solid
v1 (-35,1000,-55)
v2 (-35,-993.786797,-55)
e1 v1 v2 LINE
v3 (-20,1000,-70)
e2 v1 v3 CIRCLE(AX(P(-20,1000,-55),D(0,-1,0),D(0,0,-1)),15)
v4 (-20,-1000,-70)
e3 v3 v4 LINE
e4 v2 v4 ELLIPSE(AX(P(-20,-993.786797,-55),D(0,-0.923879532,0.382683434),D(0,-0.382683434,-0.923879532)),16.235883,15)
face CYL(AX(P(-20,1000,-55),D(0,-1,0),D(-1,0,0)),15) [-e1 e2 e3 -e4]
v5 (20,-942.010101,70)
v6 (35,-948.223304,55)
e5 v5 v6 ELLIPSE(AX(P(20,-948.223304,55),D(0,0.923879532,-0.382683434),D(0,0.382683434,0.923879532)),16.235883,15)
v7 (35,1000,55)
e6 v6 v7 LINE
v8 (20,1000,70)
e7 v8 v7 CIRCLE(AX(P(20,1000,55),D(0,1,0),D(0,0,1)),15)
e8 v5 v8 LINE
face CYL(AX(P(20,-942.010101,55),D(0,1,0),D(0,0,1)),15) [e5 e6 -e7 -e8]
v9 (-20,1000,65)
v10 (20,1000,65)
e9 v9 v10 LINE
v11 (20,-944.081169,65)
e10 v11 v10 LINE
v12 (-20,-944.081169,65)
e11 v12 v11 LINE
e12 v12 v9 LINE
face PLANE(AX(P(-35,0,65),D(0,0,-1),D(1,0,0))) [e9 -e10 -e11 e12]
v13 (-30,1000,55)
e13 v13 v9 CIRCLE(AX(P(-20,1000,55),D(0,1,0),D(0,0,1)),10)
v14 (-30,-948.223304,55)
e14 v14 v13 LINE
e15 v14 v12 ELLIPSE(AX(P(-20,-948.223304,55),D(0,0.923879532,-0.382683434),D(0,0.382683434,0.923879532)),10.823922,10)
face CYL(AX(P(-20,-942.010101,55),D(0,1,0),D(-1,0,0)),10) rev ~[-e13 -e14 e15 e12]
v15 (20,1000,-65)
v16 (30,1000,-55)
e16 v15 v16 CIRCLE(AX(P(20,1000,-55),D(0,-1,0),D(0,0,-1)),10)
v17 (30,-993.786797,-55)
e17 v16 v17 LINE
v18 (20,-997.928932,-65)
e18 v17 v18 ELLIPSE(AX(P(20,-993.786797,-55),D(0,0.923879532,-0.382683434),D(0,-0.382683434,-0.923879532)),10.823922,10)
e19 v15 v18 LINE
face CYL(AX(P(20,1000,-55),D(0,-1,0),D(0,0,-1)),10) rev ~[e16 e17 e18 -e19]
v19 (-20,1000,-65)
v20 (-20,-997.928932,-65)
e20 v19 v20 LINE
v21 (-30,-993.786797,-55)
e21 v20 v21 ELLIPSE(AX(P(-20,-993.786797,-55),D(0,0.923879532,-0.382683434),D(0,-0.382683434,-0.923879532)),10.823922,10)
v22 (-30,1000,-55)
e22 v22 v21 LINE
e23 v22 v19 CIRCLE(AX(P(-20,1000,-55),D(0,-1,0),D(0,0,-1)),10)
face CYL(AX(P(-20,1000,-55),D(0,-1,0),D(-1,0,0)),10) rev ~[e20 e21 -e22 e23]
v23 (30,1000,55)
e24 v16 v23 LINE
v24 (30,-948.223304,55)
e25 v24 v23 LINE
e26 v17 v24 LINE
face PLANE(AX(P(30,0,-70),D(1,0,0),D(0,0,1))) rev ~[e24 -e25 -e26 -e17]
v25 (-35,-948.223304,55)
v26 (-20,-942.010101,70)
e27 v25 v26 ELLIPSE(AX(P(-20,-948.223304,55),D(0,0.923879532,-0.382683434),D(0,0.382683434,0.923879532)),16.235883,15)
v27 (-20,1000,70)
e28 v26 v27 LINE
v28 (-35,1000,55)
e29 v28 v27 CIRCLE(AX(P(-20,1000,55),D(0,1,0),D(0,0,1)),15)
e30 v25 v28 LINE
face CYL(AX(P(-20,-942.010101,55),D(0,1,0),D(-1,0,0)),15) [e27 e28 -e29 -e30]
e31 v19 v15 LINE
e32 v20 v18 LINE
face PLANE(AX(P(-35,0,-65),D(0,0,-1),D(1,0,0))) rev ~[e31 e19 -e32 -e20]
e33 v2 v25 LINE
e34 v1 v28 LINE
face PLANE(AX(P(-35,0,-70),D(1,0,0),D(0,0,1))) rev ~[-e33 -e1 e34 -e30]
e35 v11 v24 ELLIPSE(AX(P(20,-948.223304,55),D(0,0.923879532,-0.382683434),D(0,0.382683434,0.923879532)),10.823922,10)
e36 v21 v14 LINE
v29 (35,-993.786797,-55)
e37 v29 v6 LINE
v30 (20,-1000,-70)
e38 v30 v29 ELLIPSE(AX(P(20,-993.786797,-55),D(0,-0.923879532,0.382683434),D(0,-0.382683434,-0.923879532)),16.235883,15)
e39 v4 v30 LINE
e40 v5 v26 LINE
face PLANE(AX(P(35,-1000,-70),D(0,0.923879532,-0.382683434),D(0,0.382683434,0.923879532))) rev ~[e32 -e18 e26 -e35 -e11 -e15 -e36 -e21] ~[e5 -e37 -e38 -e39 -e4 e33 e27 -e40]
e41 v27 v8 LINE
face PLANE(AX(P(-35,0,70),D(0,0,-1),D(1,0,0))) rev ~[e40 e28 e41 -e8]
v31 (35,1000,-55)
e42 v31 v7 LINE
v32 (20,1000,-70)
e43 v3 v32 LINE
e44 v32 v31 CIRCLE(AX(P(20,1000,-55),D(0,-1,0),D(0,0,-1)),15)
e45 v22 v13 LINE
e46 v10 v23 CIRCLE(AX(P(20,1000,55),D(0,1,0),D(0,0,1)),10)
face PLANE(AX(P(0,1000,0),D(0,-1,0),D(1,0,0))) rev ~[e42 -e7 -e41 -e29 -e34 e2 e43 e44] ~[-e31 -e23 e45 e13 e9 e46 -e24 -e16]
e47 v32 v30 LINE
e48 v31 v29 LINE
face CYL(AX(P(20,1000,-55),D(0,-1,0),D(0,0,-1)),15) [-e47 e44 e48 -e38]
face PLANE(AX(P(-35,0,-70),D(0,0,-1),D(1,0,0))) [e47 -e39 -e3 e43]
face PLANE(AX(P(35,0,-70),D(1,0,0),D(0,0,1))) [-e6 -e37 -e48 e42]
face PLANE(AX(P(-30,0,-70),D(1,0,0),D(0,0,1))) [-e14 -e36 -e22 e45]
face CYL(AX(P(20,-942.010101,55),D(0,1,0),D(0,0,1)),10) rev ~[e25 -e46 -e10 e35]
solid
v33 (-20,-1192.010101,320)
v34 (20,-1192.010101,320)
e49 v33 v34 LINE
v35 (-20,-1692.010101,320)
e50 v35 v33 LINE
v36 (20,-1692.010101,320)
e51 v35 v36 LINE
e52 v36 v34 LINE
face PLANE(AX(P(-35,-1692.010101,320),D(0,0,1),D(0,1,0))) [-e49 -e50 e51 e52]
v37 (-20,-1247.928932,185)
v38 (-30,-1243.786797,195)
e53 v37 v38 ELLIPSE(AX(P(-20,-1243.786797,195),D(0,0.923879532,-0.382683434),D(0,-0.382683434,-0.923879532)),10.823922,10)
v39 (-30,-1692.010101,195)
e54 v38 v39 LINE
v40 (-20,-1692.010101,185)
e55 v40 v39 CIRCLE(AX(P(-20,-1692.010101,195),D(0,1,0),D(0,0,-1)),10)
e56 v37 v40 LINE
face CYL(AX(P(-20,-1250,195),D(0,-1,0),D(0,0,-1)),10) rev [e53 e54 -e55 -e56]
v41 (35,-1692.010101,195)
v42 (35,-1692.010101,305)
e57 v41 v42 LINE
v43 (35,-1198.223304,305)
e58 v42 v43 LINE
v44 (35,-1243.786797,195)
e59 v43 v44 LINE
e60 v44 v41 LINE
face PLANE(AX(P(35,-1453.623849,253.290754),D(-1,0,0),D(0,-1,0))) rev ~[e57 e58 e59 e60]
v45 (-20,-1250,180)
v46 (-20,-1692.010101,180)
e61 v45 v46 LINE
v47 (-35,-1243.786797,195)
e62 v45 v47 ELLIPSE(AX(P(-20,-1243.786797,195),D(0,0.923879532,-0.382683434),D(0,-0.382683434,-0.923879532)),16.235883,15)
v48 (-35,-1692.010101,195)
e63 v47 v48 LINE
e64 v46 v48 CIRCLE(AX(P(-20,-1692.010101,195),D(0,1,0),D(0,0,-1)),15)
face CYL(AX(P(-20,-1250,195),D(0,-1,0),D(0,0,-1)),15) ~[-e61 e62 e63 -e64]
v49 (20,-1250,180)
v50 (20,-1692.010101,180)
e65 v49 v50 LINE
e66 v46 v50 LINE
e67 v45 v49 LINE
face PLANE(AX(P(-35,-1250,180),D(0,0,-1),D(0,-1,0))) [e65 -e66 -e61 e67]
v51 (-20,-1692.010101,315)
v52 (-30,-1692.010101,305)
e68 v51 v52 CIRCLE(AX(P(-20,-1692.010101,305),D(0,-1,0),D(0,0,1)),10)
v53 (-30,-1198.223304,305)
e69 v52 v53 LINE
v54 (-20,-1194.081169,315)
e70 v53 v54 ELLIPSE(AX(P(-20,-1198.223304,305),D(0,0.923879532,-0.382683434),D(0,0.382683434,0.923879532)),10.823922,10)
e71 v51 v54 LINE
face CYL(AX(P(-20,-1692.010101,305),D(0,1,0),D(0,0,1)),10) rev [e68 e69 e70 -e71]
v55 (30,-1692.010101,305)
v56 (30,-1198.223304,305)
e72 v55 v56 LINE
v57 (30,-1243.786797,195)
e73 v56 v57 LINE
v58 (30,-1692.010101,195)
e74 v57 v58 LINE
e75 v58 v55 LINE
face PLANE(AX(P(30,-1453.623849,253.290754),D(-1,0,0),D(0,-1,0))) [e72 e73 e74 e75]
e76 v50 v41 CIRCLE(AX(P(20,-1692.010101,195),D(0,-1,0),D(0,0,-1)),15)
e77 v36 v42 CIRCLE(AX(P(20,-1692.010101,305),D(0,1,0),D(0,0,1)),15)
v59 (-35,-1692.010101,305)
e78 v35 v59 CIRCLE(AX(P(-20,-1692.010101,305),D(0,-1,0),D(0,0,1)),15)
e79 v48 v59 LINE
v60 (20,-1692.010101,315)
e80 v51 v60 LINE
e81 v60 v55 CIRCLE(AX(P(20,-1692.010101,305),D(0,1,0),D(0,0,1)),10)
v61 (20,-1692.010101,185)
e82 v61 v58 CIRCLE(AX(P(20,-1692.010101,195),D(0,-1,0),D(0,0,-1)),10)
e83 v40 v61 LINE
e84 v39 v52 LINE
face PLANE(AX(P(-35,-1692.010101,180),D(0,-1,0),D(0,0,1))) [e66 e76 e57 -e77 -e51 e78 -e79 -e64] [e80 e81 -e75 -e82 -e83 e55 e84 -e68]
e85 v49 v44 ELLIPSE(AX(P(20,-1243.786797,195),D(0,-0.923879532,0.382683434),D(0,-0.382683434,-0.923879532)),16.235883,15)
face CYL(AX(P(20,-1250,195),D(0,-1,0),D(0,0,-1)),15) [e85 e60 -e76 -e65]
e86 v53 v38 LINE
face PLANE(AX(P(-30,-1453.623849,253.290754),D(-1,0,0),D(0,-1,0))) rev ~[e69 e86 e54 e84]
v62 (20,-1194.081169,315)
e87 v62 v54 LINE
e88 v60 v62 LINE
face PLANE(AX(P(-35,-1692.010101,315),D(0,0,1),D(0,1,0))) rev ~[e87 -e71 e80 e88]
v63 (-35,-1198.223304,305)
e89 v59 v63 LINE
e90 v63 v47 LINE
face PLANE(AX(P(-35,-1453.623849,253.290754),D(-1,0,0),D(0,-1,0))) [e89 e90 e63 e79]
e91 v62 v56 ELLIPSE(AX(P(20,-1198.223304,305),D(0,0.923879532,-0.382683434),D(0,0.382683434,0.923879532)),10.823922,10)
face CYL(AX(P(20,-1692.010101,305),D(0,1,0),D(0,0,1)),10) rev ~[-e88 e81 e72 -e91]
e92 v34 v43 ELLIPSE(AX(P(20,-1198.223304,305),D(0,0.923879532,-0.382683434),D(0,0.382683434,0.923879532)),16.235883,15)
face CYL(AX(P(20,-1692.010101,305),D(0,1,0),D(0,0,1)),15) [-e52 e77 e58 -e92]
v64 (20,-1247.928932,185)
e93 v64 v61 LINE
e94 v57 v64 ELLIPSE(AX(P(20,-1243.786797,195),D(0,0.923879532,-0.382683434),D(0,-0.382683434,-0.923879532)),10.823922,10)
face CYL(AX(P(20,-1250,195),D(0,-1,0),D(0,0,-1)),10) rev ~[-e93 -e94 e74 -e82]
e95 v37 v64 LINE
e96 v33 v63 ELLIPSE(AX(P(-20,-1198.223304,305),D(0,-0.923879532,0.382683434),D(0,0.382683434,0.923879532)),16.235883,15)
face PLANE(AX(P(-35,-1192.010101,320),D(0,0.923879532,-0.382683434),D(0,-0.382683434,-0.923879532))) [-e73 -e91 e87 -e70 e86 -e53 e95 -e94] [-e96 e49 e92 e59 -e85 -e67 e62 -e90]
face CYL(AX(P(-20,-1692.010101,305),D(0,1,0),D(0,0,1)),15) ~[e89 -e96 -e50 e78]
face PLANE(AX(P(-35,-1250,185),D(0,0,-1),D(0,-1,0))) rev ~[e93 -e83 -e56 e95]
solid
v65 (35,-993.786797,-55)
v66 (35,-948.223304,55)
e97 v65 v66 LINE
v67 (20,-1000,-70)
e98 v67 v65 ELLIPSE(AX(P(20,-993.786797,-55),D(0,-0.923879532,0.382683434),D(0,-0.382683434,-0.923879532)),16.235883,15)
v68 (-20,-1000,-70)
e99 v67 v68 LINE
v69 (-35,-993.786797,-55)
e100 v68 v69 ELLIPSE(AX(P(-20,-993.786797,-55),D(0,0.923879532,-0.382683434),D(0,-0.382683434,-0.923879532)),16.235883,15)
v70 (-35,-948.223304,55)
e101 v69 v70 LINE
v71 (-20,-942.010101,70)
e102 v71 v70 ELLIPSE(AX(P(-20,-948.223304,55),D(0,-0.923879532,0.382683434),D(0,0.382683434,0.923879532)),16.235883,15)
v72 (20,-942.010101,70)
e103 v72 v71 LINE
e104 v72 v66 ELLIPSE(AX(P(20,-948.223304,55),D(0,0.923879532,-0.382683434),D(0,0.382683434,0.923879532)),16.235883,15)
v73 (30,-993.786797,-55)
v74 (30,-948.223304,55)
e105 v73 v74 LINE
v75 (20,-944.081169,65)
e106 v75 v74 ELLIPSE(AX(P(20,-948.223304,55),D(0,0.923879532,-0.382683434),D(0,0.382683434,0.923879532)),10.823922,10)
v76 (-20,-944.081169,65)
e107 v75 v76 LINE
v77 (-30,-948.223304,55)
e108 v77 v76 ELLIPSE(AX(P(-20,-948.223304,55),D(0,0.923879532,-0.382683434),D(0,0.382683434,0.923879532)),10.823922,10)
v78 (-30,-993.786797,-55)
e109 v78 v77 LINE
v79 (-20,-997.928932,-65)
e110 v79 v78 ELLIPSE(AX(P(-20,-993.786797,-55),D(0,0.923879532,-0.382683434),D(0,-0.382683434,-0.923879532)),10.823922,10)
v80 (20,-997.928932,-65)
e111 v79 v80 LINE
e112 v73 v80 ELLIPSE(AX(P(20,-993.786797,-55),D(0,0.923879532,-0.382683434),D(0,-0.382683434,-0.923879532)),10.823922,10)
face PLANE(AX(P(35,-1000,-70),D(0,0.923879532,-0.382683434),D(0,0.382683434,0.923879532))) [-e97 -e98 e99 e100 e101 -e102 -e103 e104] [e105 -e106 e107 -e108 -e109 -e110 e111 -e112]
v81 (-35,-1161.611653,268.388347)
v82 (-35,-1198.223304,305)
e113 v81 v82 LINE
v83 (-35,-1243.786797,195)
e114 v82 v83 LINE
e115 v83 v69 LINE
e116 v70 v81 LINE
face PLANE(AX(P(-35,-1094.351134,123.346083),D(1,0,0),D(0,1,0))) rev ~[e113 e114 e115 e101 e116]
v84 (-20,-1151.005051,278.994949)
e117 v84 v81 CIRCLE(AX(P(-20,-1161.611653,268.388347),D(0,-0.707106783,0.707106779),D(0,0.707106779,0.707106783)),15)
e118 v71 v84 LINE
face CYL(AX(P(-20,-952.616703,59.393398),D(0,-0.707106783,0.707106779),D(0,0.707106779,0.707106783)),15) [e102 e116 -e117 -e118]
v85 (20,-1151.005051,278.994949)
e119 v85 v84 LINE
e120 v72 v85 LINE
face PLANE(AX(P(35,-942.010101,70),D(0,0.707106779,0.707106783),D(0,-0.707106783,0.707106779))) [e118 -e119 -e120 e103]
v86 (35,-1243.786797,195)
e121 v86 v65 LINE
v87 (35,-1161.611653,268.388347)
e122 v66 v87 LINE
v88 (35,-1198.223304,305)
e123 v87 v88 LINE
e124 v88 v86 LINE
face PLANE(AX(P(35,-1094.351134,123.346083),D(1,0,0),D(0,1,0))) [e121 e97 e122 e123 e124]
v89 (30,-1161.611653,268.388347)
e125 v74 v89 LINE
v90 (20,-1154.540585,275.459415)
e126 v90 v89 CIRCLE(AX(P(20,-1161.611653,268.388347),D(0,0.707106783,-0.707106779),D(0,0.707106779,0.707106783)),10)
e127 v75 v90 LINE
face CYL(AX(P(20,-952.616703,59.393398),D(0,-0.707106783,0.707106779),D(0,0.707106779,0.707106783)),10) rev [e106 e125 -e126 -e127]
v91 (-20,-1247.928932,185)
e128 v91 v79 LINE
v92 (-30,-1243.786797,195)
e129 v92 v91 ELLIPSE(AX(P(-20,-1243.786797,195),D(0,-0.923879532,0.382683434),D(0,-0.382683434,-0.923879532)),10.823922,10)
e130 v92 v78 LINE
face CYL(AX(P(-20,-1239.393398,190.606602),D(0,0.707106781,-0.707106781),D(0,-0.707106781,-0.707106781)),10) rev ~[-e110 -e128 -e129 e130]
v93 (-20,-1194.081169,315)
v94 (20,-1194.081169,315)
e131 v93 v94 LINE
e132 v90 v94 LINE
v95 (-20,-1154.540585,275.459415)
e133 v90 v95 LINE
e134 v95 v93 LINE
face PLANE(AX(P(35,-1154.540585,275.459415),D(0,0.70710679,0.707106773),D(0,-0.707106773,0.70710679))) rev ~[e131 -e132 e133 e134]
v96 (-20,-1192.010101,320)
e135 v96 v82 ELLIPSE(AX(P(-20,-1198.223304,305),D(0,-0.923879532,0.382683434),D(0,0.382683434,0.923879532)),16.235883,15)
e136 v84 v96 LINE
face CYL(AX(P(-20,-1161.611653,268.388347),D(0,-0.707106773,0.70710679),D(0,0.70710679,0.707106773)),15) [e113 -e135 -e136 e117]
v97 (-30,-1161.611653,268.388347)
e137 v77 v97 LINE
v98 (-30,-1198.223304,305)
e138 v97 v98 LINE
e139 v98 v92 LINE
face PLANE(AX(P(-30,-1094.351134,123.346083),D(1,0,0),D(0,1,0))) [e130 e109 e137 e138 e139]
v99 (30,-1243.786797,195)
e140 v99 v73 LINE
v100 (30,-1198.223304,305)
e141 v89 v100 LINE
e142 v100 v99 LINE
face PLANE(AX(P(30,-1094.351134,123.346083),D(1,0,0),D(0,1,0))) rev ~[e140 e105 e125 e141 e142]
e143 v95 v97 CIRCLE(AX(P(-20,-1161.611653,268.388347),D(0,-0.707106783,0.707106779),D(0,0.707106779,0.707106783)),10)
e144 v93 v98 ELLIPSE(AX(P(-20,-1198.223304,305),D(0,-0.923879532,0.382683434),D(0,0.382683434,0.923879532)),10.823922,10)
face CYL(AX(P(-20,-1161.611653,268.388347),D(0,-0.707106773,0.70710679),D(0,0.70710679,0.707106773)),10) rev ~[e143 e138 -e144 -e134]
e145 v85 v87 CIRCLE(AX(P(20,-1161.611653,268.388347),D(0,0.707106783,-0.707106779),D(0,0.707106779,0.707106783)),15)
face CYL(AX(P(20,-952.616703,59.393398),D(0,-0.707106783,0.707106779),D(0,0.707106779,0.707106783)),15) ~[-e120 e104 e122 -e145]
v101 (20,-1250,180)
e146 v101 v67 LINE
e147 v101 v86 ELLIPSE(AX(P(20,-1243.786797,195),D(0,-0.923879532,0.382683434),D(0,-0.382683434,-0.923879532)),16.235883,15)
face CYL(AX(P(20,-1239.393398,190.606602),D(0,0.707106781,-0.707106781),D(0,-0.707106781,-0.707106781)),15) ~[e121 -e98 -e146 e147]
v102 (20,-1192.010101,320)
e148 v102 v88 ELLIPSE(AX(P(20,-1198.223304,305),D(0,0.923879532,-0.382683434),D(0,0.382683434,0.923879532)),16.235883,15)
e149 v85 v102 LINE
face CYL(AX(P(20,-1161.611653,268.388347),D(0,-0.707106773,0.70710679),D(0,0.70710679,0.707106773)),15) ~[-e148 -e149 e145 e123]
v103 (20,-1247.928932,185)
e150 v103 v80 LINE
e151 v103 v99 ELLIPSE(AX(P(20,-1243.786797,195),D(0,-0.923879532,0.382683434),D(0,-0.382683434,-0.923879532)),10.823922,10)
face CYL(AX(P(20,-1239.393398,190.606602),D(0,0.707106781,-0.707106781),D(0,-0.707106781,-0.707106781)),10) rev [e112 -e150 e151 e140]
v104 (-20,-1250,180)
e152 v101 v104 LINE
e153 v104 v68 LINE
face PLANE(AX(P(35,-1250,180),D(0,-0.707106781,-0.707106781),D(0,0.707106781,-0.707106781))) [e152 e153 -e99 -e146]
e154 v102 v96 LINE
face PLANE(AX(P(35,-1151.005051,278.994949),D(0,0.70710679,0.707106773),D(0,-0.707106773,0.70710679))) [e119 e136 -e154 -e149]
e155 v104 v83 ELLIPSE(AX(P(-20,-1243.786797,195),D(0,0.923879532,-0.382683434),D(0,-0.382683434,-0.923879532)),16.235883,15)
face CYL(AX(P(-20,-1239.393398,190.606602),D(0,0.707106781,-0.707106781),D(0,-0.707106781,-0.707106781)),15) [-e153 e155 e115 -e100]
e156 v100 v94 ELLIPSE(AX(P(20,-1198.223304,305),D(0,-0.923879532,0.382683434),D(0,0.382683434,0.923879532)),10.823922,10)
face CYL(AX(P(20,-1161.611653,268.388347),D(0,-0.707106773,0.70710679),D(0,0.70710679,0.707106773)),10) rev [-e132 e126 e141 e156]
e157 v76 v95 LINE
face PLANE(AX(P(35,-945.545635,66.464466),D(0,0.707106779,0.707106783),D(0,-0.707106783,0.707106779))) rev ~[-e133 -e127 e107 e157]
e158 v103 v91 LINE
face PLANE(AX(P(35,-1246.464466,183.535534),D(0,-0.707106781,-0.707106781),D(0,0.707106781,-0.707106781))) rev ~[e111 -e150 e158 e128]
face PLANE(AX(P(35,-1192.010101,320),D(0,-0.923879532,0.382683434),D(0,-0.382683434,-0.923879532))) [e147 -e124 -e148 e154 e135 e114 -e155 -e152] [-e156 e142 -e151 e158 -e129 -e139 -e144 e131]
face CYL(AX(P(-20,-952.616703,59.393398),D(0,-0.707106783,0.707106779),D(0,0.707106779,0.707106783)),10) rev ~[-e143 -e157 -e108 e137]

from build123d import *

# Parameters (mm, degrees)
F0_W     = 70
F0_H     = 140
F1_DEPTH = 1000
F3_DEPTH = 70
F4_DEPTH = 70
F5_R     = 15
F6_T     = -5
F8_DEPTH = 70
F9_R     = 15
F9_2_R   = 15
F10_T    = -5
F11_T    = -5


with BuildPart() as f1:
    # F0 (on Front) → F1 (new body, symmetric)
    with BuildSketch(Plane.XZ):
        Rectangle(F0_W, F0_H)
    extrude(amount=F1_DEPTH, both=True)

    # F2 (on face) → F3 (cut)
    with BuildSketch(Plane.YZ.offset(35)):
        Polygon((-1000, 70), (-1000, -70), (-942.010101, 70), align=None)
    extrude(amount=-F3_DEPTH, mode=Mode.SUBTRACT)

    # F5
    f5_edges = [f1.edges().sort_by_distance(p)[0] for p in [
        (35, 28.994949, 70),
        (-35, 28.994949, 70),
        (35, 0, -70),
        (-35, 0, -70),
    ]]
    fillet(f5_edges, radius=F5_R)

    # F6
    f6_openings = [f1.faces().sort_by_distance(p)[0] for p in [
        (0, -971.005051, 0),
        (0, 1000, 0),
    ]]
    offset(amount=F6_T, openings=f6_openings)


with BuildPart() as f4:
    # F2 (on face) → F4 (new body)
    with BuildSketch(Plane.YZ.offset(35)):
        Polygon((-1250, 180), (-1000, -70), (-1000, 70), (-942.010101, 70), (-1151.005051, 278.994949), (-1192.010101, 320), align=None)
        Polygon((-1000, 70), (-1000, -70), (-942.010101, 70), align=None)
    extrude(amount=-F4_DEPTH)

    # F9
    f9_edges = [f4.edges().sort_by_distance(p)[0] for p in [
        (35, -1067.010101, 195),
        (-35, -1067.010101, 195),
        (35, -1125, 55),
        (-35, -1125, 55),
    ]]
    fillet(f9_edges, radius=F9_R)

    # F10
    f10_openings = [f4.faces().sort_by_distance(p)[0] for p in [
        (0, -971.005051, 0),
        (0, -1221.005051, 250),
    ]]
    offset(amount=F10_T, openings=f10_openings)


with BuildPart() as f8:
    # F7 (on face) → F8 (new body)
    with BuildSketch(Plane(origin=(-35, 0, 0), x_dir=(0, -1, 0), z_dir=(-1, 0, 0))):
        Polygon((1692.010101, 320), (1192.010101, 320), (1250, 180), (1692.010101, 180), align=None)
    extrude(amount=-F8_DEPTH)

    # F9#2
    f9_2_edges = [f8.edges().sort_by_distance(p)[0] for p in [
        (35, -1471.005051, 180),
        (-35, -1471.005051, 180),
        (-35, -1442.010101, 320),
        (35, -1442.010101, 320),
    ]]
    fillet(f9_2_edges, radius=F9_2_R)

    # F11
    f11_openings = [f8.faces().sort_by_distance(p)[0] for p in [
        (0, -1221.005051, 250),
        (0, -1692.010101, 250),
    ]]
    offset(amount=F11_T, openings=f11_openings)


solid = Compound([f1.part, f4.part, f8.part])
